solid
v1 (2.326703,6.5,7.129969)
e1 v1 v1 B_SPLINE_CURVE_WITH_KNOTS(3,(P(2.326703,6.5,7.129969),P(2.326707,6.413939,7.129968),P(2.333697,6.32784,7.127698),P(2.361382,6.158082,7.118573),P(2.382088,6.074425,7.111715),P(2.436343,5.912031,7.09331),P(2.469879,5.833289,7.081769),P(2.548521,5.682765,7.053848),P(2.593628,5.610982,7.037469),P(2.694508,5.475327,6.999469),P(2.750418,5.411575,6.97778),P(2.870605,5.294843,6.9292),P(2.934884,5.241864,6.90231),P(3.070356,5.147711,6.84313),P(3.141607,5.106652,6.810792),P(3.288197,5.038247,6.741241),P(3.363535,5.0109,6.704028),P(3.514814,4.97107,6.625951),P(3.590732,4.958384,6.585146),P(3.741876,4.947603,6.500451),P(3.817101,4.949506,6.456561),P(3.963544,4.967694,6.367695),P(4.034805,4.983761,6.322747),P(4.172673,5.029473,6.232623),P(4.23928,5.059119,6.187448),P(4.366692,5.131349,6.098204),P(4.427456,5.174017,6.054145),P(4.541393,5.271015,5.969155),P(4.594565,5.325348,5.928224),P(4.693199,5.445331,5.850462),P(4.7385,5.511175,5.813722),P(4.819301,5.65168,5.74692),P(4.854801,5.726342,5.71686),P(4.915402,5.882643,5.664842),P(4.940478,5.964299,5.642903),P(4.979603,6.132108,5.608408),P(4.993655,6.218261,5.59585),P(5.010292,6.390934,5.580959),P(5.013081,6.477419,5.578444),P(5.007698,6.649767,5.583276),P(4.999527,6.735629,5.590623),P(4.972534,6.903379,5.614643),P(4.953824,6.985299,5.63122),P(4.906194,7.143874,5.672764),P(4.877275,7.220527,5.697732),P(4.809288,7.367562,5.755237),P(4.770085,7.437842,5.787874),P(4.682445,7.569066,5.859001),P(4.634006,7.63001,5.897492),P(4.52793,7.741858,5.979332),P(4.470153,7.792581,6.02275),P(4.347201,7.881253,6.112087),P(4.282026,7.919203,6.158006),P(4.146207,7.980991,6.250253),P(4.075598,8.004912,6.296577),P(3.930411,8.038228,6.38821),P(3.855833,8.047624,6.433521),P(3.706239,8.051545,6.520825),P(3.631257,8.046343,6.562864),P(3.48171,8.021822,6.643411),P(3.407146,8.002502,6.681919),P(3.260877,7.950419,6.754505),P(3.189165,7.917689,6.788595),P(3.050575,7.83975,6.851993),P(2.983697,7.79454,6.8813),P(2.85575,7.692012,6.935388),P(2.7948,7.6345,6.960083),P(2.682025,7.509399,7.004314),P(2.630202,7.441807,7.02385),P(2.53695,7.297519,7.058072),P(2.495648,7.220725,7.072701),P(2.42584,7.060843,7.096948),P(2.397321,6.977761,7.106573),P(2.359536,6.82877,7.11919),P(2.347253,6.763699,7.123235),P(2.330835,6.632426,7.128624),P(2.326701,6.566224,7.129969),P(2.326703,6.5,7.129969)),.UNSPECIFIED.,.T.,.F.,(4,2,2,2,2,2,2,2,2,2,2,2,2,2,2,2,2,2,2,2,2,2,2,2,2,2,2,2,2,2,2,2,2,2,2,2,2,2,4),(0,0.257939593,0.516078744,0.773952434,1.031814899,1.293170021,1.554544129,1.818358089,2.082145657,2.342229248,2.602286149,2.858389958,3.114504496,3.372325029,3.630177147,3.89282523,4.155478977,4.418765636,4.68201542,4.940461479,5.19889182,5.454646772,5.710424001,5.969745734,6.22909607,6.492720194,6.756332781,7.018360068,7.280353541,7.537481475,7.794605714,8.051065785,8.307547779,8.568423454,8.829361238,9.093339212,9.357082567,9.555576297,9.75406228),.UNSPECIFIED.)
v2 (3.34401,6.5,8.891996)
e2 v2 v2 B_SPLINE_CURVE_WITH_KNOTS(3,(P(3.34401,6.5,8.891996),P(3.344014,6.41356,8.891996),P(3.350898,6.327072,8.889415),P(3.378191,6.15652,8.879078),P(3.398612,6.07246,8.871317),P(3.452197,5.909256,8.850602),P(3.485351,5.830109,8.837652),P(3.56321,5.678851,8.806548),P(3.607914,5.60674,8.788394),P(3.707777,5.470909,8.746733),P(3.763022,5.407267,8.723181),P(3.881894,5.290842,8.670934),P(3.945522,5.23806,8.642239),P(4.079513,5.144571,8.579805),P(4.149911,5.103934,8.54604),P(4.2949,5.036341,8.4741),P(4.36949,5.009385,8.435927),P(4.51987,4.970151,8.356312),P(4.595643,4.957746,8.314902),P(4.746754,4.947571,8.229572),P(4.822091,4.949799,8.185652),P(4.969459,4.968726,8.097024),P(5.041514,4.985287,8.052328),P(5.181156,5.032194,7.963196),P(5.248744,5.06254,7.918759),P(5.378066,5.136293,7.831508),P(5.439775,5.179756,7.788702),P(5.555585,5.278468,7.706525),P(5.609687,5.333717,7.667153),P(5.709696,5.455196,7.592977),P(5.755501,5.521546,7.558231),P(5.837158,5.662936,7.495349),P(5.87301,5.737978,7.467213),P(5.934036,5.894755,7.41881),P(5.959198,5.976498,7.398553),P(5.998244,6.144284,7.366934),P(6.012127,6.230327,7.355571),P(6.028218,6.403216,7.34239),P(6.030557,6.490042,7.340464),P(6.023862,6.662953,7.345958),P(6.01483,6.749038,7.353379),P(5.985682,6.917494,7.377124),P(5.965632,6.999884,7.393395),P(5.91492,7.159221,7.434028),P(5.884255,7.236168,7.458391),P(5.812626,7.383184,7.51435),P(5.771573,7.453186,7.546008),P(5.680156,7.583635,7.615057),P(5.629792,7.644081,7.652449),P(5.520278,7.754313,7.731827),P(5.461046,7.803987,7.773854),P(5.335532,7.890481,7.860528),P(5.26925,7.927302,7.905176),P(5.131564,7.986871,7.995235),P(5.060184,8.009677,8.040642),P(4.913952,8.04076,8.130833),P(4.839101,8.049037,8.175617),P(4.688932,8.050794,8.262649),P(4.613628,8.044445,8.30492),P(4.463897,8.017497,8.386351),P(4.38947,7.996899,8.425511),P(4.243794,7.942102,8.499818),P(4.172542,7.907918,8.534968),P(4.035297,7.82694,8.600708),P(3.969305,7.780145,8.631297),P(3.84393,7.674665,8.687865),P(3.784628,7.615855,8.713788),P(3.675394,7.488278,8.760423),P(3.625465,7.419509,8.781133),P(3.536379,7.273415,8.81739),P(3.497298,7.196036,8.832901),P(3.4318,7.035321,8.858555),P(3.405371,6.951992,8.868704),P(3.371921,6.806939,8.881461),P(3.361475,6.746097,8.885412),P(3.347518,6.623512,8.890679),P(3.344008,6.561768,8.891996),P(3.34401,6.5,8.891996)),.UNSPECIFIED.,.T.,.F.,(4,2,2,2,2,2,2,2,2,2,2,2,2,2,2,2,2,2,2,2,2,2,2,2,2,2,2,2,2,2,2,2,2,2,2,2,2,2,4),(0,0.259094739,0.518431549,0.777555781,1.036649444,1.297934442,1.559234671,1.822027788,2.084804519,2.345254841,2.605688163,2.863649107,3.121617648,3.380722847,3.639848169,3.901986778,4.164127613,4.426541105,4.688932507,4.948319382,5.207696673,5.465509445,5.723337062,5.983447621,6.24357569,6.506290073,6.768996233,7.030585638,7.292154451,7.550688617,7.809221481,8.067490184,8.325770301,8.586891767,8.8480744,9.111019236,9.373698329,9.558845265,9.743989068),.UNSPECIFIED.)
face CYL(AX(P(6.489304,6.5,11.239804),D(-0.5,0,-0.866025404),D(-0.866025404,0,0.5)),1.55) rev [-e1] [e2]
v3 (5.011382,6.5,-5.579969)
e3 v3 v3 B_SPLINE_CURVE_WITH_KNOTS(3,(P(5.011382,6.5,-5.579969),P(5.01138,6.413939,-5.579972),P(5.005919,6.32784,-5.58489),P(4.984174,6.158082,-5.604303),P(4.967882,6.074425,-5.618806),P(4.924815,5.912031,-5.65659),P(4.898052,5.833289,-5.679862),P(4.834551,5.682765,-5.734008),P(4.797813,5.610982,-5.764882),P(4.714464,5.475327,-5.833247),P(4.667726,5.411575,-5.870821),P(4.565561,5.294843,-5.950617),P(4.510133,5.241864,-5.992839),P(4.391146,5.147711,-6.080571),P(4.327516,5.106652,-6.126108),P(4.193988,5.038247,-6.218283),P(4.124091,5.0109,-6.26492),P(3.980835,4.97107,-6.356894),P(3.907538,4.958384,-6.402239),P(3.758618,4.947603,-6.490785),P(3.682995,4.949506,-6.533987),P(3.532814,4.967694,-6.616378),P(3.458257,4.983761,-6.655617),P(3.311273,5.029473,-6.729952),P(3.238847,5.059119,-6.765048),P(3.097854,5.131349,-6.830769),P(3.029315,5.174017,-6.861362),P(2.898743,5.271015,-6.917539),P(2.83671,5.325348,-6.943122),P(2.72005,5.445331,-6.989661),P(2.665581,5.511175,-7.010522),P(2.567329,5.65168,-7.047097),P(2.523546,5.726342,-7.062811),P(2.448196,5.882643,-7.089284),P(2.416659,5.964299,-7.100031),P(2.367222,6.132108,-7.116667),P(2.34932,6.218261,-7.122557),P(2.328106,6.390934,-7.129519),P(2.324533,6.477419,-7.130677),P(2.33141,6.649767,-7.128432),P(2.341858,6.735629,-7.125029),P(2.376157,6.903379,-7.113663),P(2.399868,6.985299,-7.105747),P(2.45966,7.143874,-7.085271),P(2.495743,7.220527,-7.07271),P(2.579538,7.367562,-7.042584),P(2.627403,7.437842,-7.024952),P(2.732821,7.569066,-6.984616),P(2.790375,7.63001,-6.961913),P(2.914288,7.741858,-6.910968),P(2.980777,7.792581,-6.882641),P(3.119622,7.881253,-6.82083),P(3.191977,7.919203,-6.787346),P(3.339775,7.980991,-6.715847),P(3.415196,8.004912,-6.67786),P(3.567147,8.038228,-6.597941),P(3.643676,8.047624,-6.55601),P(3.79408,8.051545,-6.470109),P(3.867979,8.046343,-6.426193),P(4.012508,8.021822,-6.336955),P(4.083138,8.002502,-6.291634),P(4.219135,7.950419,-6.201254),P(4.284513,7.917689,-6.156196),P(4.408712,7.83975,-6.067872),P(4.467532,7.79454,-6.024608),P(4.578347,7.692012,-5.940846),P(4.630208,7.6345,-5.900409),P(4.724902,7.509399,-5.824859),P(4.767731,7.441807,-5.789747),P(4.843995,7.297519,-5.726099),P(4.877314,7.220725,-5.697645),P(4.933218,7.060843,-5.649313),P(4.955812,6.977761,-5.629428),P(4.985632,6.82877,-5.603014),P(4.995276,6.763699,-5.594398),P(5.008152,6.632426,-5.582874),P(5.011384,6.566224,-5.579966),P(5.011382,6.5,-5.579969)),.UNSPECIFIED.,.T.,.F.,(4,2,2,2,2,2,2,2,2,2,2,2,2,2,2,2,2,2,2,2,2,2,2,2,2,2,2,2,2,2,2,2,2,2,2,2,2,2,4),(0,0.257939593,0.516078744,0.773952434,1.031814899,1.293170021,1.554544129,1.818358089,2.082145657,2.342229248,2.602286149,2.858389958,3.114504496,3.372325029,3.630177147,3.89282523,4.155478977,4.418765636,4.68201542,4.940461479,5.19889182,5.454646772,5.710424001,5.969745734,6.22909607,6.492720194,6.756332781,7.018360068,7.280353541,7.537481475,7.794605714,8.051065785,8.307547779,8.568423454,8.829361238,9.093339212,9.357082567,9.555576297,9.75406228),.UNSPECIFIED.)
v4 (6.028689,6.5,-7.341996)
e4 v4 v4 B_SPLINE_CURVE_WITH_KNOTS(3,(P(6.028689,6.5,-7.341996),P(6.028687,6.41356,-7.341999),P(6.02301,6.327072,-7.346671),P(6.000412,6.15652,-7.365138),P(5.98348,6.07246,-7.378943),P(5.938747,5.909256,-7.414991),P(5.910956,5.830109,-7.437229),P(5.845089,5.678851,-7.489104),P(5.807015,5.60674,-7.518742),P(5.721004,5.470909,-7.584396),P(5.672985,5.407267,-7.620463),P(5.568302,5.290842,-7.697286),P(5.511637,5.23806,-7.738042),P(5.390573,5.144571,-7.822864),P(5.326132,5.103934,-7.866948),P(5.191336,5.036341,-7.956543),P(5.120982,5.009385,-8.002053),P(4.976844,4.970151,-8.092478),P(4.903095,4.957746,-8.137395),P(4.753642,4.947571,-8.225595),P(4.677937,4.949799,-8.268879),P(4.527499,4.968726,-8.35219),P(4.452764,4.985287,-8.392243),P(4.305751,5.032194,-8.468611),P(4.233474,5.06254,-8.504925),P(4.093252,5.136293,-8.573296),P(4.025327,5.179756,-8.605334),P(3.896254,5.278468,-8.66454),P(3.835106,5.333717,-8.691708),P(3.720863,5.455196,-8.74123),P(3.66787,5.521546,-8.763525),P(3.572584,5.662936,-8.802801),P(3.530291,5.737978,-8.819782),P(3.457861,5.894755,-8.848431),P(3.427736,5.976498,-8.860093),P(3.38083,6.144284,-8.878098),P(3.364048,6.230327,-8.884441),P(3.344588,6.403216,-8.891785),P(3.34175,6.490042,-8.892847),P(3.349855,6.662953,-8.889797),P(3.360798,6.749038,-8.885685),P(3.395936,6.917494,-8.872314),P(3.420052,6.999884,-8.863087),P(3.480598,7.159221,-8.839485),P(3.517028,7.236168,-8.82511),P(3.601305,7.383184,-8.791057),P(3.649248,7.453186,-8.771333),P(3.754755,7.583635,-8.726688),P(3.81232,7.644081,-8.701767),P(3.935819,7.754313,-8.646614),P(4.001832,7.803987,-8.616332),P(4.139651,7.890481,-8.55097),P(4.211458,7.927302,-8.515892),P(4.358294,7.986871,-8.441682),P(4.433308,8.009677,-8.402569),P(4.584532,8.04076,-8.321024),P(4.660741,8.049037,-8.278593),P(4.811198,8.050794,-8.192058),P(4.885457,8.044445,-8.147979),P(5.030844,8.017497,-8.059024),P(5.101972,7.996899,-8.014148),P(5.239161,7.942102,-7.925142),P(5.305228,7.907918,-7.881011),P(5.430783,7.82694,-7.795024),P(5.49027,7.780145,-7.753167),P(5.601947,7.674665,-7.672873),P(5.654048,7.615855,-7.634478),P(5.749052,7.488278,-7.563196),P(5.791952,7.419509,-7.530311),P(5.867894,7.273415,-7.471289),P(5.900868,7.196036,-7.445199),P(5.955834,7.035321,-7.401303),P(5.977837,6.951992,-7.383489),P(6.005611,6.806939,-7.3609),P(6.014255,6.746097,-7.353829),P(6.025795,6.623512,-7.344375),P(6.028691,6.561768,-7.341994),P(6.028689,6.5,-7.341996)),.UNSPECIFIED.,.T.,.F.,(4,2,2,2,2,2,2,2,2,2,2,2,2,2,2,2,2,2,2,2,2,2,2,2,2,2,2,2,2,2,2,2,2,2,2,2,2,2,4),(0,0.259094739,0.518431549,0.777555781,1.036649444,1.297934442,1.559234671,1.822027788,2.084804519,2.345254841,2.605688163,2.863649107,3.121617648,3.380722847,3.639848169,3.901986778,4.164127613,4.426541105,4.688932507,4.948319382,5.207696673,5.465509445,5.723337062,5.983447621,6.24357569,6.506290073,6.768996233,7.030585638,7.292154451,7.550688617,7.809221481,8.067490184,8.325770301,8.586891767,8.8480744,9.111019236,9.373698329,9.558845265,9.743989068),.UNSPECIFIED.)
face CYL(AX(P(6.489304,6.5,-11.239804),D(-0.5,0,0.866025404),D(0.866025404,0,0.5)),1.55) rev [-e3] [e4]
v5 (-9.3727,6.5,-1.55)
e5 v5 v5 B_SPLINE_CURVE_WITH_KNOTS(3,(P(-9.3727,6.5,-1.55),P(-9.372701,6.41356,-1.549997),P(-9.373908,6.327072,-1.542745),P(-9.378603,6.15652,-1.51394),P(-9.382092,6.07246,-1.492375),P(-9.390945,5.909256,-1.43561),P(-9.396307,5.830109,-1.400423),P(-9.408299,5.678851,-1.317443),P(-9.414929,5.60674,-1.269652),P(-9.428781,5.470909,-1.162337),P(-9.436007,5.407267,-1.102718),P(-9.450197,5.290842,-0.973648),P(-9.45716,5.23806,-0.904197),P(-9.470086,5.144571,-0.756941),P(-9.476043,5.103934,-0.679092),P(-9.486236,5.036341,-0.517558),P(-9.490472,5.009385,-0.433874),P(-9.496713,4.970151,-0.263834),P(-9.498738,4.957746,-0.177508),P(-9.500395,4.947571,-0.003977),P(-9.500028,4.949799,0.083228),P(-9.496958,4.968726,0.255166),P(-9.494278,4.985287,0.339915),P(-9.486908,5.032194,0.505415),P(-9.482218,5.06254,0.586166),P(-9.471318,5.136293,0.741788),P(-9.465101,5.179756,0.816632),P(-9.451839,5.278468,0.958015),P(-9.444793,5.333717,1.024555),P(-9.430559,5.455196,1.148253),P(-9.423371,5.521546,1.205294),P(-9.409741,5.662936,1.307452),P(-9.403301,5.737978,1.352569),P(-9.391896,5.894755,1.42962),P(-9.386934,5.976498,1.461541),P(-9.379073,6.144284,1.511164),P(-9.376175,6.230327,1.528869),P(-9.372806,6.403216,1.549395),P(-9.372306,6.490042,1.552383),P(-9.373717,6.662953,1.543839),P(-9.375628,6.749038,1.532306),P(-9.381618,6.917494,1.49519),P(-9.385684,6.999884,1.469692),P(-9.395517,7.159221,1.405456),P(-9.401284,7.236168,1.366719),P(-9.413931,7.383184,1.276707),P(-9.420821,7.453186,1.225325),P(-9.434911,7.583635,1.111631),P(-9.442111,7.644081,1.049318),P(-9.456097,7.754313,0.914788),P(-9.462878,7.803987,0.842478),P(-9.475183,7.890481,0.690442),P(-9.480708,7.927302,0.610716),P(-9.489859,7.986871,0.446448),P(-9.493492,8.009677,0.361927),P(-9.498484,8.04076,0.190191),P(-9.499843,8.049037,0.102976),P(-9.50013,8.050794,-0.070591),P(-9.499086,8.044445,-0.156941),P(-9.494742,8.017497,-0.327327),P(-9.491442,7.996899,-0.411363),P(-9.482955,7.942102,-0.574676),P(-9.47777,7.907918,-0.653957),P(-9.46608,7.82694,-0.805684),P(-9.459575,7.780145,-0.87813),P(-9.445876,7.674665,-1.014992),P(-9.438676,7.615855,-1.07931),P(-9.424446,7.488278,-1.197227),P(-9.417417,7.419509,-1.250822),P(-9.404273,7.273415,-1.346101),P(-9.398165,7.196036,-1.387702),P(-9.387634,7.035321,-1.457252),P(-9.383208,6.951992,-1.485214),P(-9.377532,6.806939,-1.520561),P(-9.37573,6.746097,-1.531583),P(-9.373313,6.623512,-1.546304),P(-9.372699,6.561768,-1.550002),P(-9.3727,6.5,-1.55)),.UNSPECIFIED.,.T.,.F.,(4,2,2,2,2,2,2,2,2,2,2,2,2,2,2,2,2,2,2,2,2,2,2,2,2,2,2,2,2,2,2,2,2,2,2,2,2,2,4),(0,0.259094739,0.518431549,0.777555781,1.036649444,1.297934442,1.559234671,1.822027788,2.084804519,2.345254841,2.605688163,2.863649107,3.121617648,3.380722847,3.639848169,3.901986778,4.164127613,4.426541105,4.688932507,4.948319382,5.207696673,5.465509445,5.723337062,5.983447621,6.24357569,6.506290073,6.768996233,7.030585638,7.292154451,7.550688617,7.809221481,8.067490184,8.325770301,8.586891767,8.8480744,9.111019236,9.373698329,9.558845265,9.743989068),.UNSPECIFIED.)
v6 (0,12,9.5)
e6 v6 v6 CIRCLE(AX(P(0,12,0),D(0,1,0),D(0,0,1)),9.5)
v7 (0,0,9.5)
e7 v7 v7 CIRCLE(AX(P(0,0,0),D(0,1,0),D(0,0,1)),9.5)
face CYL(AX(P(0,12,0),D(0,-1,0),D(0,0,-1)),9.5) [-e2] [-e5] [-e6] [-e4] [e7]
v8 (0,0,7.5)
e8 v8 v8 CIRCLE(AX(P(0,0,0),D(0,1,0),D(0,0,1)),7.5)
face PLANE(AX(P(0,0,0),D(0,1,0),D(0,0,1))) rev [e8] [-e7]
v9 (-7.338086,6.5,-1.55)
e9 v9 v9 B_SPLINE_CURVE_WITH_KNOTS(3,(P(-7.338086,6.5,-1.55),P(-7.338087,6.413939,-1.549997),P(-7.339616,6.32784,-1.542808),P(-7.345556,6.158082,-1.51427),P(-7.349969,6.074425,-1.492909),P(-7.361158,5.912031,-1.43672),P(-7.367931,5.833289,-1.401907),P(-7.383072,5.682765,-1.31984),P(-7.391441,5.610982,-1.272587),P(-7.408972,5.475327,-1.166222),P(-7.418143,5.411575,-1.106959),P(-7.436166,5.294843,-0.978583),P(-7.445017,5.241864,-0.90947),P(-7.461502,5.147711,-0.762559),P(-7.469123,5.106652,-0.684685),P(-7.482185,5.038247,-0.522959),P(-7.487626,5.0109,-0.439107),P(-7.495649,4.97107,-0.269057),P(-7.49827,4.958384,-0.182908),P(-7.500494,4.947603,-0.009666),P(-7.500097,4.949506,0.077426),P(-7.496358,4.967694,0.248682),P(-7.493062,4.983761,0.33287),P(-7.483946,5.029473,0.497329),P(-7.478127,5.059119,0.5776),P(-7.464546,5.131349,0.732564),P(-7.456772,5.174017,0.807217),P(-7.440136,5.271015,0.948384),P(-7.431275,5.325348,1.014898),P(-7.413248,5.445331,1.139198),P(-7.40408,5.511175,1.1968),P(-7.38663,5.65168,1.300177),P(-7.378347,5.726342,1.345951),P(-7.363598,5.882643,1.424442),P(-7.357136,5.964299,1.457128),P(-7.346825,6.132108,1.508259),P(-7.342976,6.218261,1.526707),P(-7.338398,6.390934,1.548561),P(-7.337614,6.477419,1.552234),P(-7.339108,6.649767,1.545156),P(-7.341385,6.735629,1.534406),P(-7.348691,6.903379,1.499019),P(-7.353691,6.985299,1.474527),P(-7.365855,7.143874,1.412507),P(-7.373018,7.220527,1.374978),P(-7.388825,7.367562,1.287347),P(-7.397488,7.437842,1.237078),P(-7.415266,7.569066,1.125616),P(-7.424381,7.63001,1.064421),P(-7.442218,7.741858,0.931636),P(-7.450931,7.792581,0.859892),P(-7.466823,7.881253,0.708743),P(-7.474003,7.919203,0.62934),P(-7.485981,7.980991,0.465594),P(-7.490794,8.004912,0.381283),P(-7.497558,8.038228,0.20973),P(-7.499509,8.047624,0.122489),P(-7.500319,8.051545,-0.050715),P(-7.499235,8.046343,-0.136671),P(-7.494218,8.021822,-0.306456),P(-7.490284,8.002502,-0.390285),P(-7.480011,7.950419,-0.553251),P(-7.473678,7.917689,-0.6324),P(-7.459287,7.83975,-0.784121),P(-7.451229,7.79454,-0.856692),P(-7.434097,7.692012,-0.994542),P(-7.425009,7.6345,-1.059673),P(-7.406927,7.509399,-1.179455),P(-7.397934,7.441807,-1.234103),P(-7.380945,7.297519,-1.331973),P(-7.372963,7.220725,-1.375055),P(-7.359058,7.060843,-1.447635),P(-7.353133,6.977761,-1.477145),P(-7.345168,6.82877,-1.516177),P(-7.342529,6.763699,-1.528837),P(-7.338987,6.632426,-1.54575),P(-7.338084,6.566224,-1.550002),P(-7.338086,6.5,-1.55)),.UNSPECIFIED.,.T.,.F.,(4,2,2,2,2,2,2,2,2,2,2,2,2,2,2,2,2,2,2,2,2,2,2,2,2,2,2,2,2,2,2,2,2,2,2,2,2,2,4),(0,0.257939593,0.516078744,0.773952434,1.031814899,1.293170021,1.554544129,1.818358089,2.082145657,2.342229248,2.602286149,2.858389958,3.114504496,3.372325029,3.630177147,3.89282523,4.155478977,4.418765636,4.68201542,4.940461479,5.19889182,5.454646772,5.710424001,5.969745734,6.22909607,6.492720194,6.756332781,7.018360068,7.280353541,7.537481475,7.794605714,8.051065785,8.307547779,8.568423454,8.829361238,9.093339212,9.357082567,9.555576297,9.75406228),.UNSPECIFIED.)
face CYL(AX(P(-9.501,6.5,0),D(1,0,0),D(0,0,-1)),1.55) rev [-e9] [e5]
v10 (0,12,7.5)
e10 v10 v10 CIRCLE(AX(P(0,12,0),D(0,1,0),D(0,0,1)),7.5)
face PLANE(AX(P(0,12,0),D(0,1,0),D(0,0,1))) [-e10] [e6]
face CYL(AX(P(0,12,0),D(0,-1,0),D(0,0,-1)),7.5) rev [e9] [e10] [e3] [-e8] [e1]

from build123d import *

# Parameters (mm, degrees)
SKETCH_1_R               = 9.5
SKETCH_1_R_2             = 7.5
EXTRUDE_1_DEPTH          = 12
CUT_EXTRUDE_1_REACH      = 20.014
CUT_EXTRUDE_1_END_RADIUS = 9.5
SKETCH_2_R               = 1.55
PATTERN_CIRCULAR_1_COUNT = 3


with BuildPart() as part:
    # 草图1 → 凸台-拉伸1 (new body)
    with BuildSketch(Plane(origin=(0, 0, 0), x_dir=(1, 0, 0), z_dir=(0, 1, 0))):
        with Locations(Location((0, 0, 0), (0, 0, 270))):
            Circle(SKETCH_1_R)
        with Locations(Location((0, 0, 0), (0, 0, 270))):
            Circle(SKETCH_1_R_2, mode=Mode.SUBTRACT)
    extrude(amount=EXTRUDE_1_DEPTH)

    # 切除-拉伸1: up to this cylinder (the profile starts inside it)
    cut_extrude_1_end = Plane(origin=(0, 6.5, 0), z_dir=(0, -1, 0)) * Cylinder(CUT_EXTRUDE_1_END_RADIUS, 60.028, mode=Mode.PRIVATE)
    # 草图2 → 切除-拉伸1 (cut, up to the surface)
    with BuildSketch(Plane(origin=(0, 0, 0), x_dir=(0, 0, -1), z_dir=(1, 0, 0)), mode=Mode.PRIVATE) as cut_extrude_1_sk1:
        with Locations((0, 6.5)):
            Circle(SKETCH_2_R)
    cut_extrude_1_tool1 = extrude(cut_extrude_1_sk1.sketch, amount=-CUT_EXTRUDE_1_REACH, mode=Mode.PRIVATE) & cut_extrude_1_end
    cut_extrude_1 = cut_extrude_1_tool1.solids().sort_by_distance((0, 6.5, 0))[0]
    add(cut_extrude_1, mode=Mode.SUBTRACT)

    # 阵列(圆周)1: 切除-拉伸1 ×3 about axis
    pattern_circular_1_axis = Axis((0, 12, 0), (0, 1, 0))
    for i in range(1, PATTERN_CIRCULAR_1_COUNT):
        add(cut_extrude_1.rotate(pattern_circular_1_axis, i * 360 / PATTERN_CIRCULAR_1_COUNT), mode=Mode.SUBTRACT)


solid = part.part
